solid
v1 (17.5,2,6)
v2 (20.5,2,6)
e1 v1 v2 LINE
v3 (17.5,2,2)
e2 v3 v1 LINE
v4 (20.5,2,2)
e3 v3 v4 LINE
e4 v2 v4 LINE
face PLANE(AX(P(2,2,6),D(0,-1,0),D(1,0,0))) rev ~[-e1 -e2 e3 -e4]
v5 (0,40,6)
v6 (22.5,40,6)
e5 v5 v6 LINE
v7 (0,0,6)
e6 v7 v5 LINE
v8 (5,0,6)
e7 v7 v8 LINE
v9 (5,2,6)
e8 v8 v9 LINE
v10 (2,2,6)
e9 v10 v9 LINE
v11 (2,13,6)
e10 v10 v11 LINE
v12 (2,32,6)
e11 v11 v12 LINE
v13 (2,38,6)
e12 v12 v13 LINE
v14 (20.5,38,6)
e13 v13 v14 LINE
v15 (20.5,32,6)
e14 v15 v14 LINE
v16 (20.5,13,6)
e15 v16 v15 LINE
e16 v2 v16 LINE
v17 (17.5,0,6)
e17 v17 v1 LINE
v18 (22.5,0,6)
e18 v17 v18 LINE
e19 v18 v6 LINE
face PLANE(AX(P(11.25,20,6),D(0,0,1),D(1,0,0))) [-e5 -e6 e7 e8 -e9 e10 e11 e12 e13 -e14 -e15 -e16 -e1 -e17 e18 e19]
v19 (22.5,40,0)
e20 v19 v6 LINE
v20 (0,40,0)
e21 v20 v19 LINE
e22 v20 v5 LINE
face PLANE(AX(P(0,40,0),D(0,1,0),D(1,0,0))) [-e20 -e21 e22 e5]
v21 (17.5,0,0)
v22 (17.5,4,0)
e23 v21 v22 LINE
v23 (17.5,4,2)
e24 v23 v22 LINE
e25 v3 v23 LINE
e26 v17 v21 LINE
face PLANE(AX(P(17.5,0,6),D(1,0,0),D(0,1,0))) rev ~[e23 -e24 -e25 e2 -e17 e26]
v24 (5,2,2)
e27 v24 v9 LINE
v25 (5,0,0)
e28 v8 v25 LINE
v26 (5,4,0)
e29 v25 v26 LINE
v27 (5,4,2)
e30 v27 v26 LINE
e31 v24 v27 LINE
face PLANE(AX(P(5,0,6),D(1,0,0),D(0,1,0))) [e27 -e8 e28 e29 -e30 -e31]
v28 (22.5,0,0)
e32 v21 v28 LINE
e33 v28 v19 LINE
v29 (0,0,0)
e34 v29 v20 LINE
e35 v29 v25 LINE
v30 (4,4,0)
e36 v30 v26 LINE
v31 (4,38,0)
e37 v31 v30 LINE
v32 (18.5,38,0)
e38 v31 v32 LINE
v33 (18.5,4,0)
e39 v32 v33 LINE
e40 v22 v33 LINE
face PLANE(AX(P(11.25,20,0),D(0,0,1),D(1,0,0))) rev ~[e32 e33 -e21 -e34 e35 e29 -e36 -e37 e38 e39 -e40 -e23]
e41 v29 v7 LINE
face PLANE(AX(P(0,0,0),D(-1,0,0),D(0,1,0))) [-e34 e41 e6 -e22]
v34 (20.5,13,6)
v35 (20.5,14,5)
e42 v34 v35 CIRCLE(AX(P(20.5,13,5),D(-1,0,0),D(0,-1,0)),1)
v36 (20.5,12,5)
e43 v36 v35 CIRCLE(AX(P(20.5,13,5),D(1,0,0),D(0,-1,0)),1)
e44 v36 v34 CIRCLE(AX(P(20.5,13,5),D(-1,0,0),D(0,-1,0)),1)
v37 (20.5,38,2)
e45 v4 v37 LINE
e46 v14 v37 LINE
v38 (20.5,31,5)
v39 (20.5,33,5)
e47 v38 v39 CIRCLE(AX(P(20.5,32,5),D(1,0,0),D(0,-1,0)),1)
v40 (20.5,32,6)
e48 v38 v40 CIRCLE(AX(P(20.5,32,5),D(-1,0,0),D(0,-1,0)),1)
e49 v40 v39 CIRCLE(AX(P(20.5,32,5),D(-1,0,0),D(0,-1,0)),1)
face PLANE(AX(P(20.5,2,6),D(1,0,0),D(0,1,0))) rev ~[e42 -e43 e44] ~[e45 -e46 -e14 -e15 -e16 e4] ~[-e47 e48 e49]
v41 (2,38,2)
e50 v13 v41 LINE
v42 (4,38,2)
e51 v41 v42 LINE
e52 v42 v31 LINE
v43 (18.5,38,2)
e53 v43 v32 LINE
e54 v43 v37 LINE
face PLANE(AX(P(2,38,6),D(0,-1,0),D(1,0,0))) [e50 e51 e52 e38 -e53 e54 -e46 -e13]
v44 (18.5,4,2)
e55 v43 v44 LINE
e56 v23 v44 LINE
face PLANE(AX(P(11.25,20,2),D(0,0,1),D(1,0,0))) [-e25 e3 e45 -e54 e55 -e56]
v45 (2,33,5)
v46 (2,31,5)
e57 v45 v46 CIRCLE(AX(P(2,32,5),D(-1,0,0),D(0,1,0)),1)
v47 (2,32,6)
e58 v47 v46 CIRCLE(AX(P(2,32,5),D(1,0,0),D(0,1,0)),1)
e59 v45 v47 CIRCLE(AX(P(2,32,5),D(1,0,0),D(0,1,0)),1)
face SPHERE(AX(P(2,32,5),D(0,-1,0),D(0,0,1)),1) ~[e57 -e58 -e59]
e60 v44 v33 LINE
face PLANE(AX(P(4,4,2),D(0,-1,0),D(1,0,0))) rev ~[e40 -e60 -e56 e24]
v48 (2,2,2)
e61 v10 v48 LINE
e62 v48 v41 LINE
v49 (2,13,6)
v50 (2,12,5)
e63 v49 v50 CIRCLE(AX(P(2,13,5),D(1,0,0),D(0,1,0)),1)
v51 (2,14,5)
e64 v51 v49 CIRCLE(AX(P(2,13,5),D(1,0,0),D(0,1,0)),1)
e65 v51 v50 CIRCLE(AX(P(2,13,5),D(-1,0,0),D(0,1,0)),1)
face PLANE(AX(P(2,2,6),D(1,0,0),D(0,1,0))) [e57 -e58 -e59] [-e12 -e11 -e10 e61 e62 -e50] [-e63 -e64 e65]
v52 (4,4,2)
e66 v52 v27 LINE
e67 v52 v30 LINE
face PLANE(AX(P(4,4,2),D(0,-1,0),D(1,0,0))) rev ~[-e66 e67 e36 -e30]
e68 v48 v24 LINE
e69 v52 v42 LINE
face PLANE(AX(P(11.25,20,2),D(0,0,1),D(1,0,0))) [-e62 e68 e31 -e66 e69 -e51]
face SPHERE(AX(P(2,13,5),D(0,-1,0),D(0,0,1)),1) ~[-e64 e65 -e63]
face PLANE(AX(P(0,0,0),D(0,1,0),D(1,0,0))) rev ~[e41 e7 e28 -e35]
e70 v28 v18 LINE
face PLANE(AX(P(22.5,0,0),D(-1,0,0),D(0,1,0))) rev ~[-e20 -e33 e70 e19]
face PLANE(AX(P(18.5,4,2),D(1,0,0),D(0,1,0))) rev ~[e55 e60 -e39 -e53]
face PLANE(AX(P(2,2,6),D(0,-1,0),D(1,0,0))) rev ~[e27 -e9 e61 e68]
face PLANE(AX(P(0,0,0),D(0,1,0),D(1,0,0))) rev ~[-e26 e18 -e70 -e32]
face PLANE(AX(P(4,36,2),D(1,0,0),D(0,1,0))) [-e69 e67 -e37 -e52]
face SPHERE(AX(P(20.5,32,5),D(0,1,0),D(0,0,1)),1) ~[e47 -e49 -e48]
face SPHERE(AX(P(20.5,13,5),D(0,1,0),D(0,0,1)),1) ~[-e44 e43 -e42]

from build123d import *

# Parameters (mm, degrees)
SKETCH064_W         = 22.5
SKETCH064_H         = 40
PAD034_DEPTH        = 6
SKETCH065_W         = 18.5
SKETCH065_H         = 36
POCKET020_DEPTH     = 4
SKETCH062_W         = 14.5
SKETCH062_H         = 32
POCKET021_DEPTH     = 2.001
SKETCH063_W         = 12.5
SKETCH063_H         = 4
POCKET022_DEPTH     = 6.001
REVOLUTION005_ANGLE = -180
REVOLUTION006_ANGLE = 180
SKETCH084_W         = 14.5
SKETCH084_H         = 2
POCKET029_DEPTH     = 2.001


with BuildPart() as part:
    # Sketch064 → Pad034 (new body)
    with BuildSketch(Plane.XY):
        with Locations((11.25, 20)):
            Rectangle(SKETCH064_W, SKETCH064_H)
    extrude(amount=PAD034_DEPTH)

    # Sketch065 (on Face6 of Pad034) → Pocket020 (cut)
    with BuildSketch(Plane.XY.offset(6)):
        with Locations((11.25, 20)):
            Rectangle(SKETCH065_W, SKETCH065_H)
    extrude(amount=-POCKET020_DEPTH, mode=Mode.SUBTRACT)

    # Sketch062 (on Face11 of Pocket020) → Pocket021 (cut, through all)
    with BuildSketch(Plane.XY.offset(2)):
        with Locations((11.25, 20)):
            Rectangle(SKETCH062_W, SKETCH062_H)
    extrude(amount=-POCKET021_DEPTH, mode=Mode.SUBTRACT)

    # Sketch063 (on Face5 of Pocket021) → Pocket022 (cut, through all)
    with BuildSketch(Plane.XY.offset(6)):
        with Locations((11.25, 2)):
            Rectangle(SKETCH063_W, SKETCH063_H)
    extrude(amount=-POCKET022_DEPTH, mode=Mode.SUBTRACT)

    # Sketch067 (on Face20 of Pocket022) → Revolution005 (revolve)
    with BuildSketch(Plane.YZ.offset(2)):
        with BuildLine():
            ThreePointArc((14, 5), (13, 6), (12, 5))
            Line((12, 5), (14, 5))
        make_face()
        with BuildLine():
            ThreePointArc((33, 5), (32, 6), (31, 5))
            Line((31, 5), (33, 5))
        make_face()
    revolve(axis=Axis((2, 14, 5), (0, -1, 0)), revolution_arc=REVOLUTION005_ANGLE)

    # Sketch068 (on Face19 of Revolution005) → Revolution006 (revolve)
    with BuildSketch(Plane(origin=(20.5, 0, 0), x_dir=(0, -1, 0), z_dir=(-1, 0, 0))):
        with BuildLine():
            ThreePointArc((-31, 5), (-32, 6), (-33, 5))
            Line((-33, 5), (-31, 5))
        make_face()
        with BuildLine():
            ThreePointArc((-12, 5), (-13, 6), (-14, 5))
            Line((-14, 5), (-12, 5))
        make_face()
    revolve(axis=Axis((20.5, 31, 5), (0, -1, 0)), revolution_arc=REVOLUTION006_ANGLE)

    # Sketch084 (on Face15 of Revolution006) → Pocket029 (cut, through all)
    with BuildSketch(Plane.XY.offset(2)):
        with Locations((11.25, 37)):
            Rectangle(SKETCH084_W, SKETCH084_H)
    extrude(amount=-POCKET029_DEPTH, mode=Mode.SUBTRACT)


solid = part.part
